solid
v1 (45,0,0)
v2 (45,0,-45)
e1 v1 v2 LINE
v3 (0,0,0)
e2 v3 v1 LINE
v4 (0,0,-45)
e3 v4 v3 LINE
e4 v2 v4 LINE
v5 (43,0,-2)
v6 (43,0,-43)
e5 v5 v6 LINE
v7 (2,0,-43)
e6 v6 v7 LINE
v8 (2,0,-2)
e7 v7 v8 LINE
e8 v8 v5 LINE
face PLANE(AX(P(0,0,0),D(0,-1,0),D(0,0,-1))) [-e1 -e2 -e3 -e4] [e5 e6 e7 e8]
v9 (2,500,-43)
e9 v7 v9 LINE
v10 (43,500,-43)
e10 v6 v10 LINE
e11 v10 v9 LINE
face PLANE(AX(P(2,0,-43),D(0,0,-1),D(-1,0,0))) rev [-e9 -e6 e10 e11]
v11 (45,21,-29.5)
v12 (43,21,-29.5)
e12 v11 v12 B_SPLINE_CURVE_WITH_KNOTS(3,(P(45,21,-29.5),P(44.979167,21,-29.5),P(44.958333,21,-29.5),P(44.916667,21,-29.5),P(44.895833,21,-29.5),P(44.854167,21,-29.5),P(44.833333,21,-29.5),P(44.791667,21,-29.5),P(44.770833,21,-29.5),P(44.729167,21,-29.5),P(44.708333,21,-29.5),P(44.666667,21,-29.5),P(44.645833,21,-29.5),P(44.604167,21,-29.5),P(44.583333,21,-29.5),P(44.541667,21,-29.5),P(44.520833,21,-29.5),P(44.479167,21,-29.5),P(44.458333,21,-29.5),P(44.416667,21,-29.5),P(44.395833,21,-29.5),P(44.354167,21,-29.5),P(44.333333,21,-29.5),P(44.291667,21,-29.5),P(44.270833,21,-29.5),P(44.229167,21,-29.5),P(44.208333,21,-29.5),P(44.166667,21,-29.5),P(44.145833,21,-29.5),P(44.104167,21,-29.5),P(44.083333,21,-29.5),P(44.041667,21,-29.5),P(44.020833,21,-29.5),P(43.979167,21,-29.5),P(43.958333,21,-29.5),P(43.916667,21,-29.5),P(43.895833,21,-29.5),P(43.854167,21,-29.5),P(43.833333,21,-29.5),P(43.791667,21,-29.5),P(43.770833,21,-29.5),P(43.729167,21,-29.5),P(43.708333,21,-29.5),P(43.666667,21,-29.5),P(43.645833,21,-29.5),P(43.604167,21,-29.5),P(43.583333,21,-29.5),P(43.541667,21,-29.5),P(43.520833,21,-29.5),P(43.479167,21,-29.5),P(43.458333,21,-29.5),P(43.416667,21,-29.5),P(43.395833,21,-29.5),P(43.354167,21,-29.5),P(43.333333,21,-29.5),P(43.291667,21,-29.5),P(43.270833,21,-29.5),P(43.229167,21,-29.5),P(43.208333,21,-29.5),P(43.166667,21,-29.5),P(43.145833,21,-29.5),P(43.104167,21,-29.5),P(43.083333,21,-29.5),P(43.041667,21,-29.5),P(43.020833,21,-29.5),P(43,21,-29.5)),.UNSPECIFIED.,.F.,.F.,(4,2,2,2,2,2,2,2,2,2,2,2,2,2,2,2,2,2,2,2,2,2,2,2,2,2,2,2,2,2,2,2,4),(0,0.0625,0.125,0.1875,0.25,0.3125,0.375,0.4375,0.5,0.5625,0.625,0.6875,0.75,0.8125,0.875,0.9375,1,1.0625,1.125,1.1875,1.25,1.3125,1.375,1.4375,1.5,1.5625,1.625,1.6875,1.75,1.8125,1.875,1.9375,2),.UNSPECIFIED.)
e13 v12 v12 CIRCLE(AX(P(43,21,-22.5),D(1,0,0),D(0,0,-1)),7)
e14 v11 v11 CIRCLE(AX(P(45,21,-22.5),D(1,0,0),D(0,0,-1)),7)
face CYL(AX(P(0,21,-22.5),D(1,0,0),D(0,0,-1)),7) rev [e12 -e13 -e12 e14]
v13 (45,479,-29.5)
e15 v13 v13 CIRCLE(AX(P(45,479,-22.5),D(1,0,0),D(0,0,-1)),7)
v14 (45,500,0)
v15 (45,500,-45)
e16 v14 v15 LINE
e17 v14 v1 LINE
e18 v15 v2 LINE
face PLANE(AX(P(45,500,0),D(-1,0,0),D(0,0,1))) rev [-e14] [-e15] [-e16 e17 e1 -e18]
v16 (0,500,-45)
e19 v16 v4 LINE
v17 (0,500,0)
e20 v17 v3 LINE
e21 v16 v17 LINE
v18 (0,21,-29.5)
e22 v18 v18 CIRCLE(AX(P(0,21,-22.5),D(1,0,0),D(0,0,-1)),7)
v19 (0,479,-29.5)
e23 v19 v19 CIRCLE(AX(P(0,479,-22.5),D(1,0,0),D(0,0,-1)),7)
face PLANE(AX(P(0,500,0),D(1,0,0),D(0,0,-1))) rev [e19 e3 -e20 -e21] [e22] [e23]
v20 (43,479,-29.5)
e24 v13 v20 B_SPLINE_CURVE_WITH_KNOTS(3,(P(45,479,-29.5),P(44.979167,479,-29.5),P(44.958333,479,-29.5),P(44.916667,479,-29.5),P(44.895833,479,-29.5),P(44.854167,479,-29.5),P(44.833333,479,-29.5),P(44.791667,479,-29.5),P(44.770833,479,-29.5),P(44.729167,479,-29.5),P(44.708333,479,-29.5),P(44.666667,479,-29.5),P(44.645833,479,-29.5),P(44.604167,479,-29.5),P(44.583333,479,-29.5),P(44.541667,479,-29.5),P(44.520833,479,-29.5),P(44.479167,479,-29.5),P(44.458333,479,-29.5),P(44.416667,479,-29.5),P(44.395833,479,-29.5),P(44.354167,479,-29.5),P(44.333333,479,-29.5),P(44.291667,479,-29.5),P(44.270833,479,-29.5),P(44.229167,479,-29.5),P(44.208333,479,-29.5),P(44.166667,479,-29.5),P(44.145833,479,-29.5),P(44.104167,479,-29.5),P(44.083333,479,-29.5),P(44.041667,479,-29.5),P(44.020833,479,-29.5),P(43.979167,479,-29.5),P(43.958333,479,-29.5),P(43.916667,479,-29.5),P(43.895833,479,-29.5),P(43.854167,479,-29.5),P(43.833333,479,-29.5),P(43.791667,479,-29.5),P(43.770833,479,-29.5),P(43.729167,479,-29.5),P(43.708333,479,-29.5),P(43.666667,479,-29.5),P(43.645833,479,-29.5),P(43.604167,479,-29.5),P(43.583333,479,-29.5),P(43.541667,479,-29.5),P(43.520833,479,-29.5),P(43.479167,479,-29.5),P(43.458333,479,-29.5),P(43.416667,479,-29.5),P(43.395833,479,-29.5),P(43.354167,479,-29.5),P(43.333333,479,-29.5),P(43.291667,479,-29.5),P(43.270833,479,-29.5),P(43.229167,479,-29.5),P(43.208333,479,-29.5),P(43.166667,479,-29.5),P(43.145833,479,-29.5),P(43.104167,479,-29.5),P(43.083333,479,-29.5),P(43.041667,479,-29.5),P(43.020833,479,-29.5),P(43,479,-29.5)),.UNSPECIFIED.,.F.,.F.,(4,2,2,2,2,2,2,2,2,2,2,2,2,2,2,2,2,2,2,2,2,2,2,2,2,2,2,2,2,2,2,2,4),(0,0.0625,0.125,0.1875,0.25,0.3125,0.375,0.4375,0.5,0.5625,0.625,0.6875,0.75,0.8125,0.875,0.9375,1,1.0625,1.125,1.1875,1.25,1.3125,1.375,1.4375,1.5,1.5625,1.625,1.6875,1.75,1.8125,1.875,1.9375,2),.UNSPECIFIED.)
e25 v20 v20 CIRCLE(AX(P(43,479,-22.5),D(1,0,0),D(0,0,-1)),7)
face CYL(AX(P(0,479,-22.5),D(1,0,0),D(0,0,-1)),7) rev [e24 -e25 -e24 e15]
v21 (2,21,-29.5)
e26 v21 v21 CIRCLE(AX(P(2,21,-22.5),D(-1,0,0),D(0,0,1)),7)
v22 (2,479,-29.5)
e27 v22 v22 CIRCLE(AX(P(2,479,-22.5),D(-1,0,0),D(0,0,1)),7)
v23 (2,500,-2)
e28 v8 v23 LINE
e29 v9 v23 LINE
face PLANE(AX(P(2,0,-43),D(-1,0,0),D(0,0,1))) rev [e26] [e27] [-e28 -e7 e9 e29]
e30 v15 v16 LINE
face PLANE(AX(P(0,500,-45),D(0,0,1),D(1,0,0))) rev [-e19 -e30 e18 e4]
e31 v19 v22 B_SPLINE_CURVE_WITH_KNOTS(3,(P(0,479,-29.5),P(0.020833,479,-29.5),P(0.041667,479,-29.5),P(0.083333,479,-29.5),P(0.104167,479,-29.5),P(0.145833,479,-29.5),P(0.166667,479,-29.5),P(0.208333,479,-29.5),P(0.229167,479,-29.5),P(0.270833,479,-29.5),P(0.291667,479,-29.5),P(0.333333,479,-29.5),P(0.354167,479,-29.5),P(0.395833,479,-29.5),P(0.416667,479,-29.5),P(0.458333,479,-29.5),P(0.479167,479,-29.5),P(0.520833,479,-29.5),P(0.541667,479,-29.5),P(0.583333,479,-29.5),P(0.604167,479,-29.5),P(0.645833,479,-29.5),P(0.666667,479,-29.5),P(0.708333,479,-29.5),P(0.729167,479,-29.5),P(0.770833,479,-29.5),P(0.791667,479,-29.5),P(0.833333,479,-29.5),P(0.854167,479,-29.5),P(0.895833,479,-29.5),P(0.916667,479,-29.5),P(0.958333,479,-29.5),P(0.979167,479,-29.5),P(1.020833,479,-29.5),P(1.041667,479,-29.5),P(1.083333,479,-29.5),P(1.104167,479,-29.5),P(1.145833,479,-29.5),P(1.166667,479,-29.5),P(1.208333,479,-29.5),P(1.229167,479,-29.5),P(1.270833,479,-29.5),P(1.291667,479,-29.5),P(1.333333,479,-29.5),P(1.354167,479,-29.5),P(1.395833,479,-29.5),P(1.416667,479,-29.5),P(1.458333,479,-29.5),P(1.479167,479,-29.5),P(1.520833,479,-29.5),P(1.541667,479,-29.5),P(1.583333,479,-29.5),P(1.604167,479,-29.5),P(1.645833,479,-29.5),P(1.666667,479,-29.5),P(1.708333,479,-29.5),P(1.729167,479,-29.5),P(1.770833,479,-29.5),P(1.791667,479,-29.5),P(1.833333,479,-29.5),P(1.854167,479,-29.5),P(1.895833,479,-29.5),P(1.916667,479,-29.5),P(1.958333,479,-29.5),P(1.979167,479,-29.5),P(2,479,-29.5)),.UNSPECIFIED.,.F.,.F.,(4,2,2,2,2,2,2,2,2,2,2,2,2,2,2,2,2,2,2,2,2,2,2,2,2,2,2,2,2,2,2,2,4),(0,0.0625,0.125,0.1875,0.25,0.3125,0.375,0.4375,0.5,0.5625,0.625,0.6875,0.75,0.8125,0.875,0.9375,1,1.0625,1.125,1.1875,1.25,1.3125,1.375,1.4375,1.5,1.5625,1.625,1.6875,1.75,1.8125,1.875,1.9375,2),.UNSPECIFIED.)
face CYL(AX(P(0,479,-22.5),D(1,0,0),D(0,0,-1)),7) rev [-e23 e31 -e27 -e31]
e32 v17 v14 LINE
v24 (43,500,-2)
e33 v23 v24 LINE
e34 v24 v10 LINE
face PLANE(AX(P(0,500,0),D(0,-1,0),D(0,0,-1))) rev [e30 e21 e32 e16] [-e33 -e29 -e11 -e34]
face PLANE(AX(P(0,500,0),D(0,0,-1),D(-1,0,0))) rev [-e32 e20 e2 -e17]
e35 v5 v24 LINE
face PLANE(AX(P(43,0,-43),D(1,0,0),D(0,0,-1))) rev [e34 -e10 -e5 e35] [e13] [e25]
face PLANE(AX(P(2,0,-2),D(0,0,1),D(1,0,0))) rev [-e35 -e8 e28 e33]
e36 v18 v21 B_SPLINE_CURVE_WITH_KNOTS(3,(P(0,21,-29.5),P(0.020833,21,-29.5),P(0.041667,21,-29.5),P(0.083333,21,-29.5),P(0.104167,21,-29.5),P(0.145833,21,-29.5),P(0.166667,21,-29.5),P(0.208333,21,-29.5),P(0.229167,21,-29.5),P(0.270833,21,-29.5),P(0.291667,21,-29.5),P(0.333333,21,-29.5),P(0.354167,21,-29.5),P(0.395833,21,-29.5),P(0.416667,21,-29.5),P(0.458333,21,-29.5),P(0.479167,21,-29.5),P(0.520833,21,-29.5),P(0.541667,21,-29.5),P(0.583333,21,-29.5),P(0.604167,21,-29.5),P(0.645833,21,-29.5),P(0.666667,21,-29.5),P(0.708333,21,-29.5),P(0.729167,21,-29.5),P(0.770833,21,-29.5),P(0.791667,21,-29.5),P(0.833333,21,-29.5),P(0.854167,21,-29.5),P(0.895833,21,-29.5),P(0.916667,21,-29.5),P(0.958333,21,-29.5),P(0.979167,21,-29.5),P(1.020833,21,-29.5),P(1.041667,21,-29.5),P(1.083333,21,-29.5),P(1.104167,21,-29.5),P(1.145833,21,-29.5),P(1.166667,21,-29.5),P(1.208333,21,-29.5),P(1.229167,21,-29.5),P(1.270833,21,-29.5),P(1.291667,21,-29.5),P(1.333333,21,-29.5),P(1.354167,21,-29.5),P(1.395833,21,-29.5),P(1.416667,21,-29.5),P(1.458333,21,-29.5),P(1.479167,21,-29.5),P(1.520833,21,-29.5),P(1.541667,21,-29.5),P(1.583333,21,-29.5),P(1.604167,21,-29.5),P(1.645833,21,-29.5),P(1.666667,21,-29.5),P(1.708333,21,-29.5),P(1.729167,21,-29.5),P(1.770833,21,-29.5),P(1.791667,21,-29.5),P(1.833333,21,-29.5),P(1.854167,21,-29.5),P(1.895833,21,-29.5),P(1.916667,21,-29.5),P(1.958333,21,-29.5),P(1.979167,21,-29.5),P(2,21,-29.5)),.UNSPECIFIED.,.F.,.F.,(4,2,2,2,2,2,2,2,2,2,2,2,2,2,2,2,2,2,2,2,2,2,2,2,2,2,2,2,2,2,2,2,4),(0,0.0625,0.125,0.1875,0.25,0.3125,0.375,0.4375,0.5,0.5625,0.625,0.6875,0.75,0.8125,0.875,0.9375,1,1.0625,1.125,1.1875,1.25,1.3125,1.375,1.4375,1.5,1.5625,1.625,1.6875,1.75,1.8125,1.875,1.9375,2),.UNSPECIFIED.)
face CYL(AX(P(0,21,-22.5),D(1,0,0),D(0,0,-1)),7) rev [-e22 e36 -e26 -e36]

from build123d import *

# Parameters (mm, degrees)
CROQUIS1_W              = 45
CROQUIS1_H              = 45
SALIENTE_EXTRUIR1_DEPTH = 500
CROQUIS2_W              = 41
CROQUIS2_H              = 41
CORTAR_EXTRUIR1_DEPTH   = 505.03372903
CROQUIS3_R              = 7
CORTAR_EXTRUIR2_DEPTH   = 505.03372903


with BuildPart() as part:
    # Croquis1 → Saliente-Extruir1 (new body)
    with BuildSketch(Plane(origin=(0, 0, 0), x_dir=(1, 0, 0), z_dir=(0, 1, 0))):
        with Locations((22.5, 22.5)):
            Rectangle(CROQUIS1_W, CROQUIS1_H)
    extrude(amount=SALIENTE_EXTRUIR1_DEPTH)

    # Croquis2 → Cortar-Extruir1 (cut, through all)
    with BuildSketch(Plane(origin=(0, 500, 0), x_dir=(1, 0, 0), z_dir=(0, 1, 0))):
        with Locations((22.5, 22.5)):
            Rectangle(CROQUIS2_W, CROQUIS2_H)
    extrude(amount=-CORTAR_EXTRUIR1_DEPTH, mode=Mode.SUBTRACT)

    # Croquis3 → Cortar-Extruir2 (cut, through all)
    with BuildSketch(Plane(origin=(45, 0, 0), x_dir=(0, 0, -1), z_dir=(1, 0, 0))):
        with Locations((22.5, 479)):
            Circle(CROQUIS3_R)
        with Locations((22.5, 21)):
            Circle(CROQUIS3_R)
    extrude(amount=-CORTAR_EXTRUIR2_DEPTH, mode=Mode.SUBTRACT)


solid = part.part
